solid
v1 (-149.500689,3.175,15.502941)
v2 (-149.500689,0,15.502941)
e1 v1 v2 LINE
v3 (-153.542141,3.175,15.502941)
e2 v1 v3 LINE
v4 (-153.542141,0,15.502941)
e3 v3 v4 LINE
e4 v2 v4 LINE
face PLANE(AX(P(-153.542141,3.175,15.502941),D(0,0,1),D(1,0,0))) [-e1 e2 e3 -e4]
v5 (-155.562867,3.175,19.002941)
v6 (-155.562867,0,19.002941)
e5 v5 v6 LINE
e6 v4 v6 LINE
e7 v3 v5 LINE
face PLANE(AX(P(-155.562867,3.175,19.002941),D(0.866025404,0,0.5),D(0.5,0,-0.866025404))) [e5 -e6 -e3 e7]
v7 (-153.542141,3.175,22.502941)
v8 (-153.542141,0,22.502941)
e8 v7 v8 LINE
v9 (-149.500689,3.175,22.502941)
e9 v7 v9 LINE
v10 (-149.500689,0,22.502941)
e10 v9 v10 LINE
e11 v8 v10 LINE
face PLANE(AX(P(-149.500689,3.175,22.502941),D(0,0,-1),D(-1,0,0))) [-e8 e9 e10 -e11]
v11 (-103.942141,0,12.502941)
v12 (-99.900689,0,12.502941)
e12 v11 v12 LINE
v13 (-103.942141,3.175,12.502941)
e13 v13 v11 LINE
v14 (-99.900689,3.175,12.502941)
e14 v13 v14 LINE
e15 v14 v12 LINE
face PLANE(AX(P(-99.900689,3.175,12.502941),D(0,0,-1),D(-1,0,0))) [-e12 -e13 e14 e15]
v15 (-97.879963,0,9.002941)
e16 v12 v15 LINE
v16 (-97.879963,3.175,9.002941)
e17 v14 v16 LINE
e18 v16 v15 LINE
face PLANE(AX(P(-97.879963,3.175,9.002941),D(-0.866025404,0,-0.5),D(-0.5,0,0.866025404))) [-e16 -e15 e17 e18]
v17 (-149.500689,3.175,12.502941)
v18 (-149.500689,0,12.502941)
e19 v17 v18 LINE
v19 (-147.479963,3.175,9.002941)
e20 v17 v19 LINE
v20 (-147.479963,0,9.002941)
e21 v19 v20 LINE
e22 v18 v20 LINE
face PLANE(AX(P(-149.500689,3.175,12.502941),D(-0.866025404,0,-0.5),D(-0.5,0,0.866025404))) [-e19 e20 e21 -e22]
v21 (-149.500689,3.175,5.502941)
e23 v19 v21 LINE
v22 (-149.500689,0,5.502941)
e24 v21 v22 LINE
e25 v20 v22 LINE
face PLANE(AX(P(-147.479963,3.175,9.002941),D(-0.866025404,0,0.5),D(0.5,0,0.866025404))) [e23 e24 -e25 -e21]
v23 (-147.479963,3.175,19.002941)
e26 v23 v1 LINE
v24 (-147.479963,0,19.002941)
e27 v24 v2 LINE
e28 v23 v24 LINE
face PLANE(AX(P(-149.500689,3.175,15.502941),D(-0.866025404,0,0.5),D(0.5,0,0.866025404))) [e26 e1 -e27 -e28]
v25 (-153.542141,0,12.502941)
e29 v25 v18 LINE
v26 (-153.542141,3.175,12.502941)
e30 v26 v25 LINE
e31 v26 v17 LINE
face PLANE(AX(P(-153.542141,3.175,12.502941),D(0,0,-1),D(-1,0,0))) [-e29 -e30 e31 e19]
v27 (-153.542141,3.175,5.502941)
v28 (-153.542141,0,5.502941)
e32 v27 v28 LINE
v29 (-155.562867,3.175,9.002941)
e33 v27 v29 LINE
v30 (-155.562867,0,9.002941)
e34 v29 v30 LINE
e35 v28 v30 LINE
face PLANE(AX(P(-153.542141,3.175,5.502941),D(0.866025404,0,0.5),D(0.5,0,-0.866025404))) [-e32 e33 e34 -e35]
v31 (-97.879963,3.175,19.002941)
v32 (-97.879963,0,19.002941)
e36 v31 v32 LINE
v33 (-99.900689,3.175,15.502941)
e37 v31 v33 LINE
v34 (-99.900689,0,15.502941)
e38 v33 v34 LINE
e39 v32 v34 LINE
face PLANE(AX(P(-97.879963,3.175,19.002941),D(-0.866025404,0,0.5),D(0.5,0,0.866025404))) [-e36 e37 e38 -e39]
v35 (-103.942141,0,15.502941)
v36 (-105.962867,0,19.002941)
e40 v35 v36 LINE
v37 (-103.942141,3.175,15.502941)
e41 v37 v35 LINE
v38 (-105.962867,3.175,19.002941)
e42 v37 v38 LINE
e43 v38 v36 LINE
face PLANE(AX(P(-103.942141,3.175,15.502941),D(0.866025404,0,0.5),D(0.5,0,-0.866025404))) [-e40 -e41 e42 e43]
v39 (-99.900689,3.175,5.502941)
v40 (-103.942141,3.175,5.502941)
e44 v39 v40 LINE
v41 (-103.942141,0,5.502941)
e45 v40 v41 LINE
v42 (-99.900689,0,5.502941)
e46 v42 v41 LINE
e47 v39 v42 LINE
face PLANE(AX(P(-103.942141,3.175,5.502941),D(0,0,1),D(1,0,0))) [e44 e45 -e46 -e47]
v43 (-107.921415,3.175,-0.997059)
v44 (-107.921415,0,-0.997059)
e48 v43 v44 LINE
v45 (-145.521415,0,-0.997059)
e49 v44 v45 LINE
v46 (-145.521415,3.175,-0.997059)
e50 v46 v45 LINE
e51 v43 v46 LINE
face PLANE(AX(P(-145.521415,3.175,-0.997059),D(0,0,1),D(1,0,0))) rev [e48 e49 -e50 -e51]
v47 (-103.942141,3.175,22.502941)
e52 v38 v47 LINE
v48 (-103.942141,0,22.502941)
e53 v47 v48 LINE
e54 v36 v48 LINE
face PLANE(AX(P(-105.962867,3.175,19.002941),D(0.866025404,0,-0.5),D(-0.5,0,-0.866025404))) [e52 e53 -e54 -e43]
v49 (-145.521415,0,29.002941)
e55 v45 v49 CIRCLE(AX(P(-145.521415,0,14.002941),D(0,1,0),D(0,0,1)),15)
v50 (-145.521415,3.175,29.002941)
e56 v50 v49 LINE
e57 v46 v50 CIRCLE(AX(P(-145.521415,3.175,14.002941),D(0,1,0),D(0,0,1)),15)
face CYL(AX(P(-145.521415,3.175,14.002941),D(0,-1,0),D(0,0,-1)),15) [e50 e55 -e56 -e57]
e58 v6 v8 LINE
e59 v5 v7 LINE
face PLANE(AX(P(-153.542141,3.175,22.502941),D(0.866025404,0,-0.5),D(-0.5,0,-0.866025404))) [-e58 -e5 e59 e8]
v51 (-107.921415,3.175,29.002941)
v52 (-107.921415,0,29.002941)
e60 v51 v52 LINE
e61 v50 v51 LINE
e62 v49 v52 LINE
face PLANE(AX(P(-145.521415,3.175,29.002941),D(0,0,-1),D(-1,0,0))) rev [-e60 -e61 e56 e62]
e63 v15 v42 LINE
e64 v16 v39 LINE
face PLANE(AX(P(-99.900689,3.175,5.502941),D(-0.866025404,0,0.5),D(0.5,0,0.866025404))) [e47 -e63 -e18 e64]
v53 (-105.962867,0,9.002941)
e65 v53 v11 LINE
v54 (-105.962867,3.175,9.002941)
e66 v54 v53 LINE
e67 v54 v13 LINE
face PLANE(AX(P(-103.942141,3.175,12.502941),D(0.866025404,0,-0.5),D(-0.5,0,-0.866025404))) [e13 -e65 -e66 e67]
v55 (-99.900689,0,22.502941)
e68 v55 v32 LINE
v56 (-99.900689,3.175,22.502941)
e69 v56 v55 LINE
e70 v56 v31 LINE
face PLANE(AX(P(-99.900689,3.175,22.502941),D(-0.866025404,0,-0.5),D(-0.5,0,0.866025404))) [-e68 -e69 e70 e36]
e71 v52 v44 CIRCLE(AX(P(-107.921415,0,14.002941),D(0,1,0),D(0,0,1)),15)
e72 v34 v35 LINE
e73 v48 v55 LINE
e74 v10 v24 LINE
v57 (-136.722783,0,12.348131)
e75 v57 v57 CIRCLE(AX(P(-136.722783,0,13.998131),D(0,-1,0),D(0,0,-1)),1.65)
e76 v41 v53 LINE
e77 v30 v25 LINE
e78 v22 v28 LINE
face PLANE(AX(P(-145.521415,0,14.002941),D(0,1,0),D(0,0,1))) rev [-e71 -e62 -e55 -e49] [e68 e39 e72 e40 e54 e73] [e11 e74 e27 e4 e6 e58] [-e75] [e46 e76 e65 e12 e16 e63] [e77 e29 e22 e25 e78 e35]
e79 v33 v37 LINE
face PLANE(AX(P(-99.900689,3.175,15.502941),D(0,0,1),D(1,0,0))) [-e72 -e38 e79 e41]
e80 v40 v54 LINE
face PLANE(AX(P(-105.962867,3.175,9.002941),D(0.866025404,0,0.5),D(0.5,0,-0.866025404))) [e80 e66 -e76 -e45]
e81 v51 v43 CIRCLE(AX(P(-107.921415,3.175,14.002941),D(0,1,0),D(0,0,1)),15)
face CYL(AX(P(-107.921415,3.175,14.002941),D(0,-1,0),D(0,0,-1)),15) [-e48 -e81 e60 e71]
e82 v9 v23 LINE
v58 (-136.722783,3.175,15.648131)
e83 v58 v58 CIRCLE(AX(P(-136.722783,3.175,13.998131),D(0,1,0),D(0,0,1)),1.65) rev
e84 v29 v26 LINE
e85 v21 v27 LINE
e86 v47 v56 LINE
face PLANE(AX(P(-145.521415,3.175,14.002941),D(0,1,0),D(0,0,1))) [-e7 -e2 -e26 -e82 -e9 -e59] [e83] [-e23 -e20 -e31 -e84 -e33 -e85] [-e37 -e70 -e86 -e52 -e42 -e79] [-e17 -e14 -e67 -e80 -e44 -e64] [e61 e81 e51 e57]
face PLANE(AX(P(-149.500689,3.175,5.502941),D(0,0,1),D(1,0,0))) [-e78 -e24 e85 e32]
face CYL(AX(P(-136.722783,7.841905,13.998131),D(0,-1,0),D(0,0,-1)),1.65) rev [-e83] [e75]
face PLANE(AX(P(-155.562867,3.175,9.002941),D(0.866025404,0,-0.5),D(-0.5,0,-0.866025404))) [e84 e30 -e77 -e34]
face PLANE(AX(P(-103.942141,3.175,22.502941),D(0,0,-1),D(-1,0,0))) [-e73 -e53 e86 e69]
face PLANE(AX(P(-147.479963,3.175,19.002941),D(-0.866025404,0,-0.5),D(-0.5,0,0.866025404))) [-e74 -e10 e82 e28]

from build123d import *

# Parameters (mm, degrees)
BOSS_EXTRUDE1_DEPTH = 3.175
SKETCH3_R           = 1.65
CUT_EXTRUDE1_DEPTH  = 3.175


with BuildPart() as part:
    # Sketch2 → Boss-Extrude1 (new body)
    with BuildSketch(Plane(origin=(0, 0, 0), x_dir=(1, 0, 0), z_dir=(0, 1, 0))):
        with BuildLine():
            Line((-145.521414695, 0.997059393), (-107.921414695, 0.997059393))
            ThreePointArc((-107.921414695, 0.997059393), (-92.921414695, -14.002940607), (-107.921414695, -29.002940607))
            Line((-107.921414695, -29.002940607), (-145.521414695, -29.002940607))
            ThreePointArc((-145.521414695, -29.002940607), (-160.521414695, -14.002940607), (-145.521414695, 0.997059393))
        make_face()
        Polygon((-149.500688753, -12.502940607), (-147.479962811, -9.002940607), (-149.500688753, -5.502940607), (-153.542140637, -5.502940607), (-155.562866579, -9.002940607), (-153.542140637, -12.502940607), align=None, mode=Mode.SUBTRACT)
        Polygon((-153.542140637, -15.502940607), (-149.500688753, -15.502940607), (-147.479962811, -19.002940607), (-149.500688753, -22.502940607), (-153.542140637, -22.502940607), (-155.562866579, -19.002940607), align=None, mode=Mode.SUBTRACT)
        Polygon((-103.942140637, -15.502940607), (-105.962866579, -19.002940607), (-103.942140637, -22.502940607), (-99.900688753, -22.502940607), (-97.879962811, -19.002940607), (-99.900688753, -15.502940607), align=None, mode=Mode.SUBTRACT)
        Polygon((-99.900688753, -12.502940607), (-103.942140637, -12.502940607), (-105.962866579, -9.002940607), (-103.942140637, -5.502940607), (-99.900688753, -5.502940607), (-97.879962811, -9.002940607), align=None, mode=Mode.SUBTRACT)
    extrude(amount=BOSS_EXTRUDE1_DEPTH)

    # Sketch3 → Cut-Extrude1 (cut)
    with BuildSketch(Plane.XZ):
        with Locations(Location((-136.722782871, 13.998131439, 0), (0, 0, 270))):
            Circle(SKETCH3_R)
    extrude(amount=-CUT_EXTRUDE1_DEPTH, mode=Mode.SUBTRACT)


solid = part.part
